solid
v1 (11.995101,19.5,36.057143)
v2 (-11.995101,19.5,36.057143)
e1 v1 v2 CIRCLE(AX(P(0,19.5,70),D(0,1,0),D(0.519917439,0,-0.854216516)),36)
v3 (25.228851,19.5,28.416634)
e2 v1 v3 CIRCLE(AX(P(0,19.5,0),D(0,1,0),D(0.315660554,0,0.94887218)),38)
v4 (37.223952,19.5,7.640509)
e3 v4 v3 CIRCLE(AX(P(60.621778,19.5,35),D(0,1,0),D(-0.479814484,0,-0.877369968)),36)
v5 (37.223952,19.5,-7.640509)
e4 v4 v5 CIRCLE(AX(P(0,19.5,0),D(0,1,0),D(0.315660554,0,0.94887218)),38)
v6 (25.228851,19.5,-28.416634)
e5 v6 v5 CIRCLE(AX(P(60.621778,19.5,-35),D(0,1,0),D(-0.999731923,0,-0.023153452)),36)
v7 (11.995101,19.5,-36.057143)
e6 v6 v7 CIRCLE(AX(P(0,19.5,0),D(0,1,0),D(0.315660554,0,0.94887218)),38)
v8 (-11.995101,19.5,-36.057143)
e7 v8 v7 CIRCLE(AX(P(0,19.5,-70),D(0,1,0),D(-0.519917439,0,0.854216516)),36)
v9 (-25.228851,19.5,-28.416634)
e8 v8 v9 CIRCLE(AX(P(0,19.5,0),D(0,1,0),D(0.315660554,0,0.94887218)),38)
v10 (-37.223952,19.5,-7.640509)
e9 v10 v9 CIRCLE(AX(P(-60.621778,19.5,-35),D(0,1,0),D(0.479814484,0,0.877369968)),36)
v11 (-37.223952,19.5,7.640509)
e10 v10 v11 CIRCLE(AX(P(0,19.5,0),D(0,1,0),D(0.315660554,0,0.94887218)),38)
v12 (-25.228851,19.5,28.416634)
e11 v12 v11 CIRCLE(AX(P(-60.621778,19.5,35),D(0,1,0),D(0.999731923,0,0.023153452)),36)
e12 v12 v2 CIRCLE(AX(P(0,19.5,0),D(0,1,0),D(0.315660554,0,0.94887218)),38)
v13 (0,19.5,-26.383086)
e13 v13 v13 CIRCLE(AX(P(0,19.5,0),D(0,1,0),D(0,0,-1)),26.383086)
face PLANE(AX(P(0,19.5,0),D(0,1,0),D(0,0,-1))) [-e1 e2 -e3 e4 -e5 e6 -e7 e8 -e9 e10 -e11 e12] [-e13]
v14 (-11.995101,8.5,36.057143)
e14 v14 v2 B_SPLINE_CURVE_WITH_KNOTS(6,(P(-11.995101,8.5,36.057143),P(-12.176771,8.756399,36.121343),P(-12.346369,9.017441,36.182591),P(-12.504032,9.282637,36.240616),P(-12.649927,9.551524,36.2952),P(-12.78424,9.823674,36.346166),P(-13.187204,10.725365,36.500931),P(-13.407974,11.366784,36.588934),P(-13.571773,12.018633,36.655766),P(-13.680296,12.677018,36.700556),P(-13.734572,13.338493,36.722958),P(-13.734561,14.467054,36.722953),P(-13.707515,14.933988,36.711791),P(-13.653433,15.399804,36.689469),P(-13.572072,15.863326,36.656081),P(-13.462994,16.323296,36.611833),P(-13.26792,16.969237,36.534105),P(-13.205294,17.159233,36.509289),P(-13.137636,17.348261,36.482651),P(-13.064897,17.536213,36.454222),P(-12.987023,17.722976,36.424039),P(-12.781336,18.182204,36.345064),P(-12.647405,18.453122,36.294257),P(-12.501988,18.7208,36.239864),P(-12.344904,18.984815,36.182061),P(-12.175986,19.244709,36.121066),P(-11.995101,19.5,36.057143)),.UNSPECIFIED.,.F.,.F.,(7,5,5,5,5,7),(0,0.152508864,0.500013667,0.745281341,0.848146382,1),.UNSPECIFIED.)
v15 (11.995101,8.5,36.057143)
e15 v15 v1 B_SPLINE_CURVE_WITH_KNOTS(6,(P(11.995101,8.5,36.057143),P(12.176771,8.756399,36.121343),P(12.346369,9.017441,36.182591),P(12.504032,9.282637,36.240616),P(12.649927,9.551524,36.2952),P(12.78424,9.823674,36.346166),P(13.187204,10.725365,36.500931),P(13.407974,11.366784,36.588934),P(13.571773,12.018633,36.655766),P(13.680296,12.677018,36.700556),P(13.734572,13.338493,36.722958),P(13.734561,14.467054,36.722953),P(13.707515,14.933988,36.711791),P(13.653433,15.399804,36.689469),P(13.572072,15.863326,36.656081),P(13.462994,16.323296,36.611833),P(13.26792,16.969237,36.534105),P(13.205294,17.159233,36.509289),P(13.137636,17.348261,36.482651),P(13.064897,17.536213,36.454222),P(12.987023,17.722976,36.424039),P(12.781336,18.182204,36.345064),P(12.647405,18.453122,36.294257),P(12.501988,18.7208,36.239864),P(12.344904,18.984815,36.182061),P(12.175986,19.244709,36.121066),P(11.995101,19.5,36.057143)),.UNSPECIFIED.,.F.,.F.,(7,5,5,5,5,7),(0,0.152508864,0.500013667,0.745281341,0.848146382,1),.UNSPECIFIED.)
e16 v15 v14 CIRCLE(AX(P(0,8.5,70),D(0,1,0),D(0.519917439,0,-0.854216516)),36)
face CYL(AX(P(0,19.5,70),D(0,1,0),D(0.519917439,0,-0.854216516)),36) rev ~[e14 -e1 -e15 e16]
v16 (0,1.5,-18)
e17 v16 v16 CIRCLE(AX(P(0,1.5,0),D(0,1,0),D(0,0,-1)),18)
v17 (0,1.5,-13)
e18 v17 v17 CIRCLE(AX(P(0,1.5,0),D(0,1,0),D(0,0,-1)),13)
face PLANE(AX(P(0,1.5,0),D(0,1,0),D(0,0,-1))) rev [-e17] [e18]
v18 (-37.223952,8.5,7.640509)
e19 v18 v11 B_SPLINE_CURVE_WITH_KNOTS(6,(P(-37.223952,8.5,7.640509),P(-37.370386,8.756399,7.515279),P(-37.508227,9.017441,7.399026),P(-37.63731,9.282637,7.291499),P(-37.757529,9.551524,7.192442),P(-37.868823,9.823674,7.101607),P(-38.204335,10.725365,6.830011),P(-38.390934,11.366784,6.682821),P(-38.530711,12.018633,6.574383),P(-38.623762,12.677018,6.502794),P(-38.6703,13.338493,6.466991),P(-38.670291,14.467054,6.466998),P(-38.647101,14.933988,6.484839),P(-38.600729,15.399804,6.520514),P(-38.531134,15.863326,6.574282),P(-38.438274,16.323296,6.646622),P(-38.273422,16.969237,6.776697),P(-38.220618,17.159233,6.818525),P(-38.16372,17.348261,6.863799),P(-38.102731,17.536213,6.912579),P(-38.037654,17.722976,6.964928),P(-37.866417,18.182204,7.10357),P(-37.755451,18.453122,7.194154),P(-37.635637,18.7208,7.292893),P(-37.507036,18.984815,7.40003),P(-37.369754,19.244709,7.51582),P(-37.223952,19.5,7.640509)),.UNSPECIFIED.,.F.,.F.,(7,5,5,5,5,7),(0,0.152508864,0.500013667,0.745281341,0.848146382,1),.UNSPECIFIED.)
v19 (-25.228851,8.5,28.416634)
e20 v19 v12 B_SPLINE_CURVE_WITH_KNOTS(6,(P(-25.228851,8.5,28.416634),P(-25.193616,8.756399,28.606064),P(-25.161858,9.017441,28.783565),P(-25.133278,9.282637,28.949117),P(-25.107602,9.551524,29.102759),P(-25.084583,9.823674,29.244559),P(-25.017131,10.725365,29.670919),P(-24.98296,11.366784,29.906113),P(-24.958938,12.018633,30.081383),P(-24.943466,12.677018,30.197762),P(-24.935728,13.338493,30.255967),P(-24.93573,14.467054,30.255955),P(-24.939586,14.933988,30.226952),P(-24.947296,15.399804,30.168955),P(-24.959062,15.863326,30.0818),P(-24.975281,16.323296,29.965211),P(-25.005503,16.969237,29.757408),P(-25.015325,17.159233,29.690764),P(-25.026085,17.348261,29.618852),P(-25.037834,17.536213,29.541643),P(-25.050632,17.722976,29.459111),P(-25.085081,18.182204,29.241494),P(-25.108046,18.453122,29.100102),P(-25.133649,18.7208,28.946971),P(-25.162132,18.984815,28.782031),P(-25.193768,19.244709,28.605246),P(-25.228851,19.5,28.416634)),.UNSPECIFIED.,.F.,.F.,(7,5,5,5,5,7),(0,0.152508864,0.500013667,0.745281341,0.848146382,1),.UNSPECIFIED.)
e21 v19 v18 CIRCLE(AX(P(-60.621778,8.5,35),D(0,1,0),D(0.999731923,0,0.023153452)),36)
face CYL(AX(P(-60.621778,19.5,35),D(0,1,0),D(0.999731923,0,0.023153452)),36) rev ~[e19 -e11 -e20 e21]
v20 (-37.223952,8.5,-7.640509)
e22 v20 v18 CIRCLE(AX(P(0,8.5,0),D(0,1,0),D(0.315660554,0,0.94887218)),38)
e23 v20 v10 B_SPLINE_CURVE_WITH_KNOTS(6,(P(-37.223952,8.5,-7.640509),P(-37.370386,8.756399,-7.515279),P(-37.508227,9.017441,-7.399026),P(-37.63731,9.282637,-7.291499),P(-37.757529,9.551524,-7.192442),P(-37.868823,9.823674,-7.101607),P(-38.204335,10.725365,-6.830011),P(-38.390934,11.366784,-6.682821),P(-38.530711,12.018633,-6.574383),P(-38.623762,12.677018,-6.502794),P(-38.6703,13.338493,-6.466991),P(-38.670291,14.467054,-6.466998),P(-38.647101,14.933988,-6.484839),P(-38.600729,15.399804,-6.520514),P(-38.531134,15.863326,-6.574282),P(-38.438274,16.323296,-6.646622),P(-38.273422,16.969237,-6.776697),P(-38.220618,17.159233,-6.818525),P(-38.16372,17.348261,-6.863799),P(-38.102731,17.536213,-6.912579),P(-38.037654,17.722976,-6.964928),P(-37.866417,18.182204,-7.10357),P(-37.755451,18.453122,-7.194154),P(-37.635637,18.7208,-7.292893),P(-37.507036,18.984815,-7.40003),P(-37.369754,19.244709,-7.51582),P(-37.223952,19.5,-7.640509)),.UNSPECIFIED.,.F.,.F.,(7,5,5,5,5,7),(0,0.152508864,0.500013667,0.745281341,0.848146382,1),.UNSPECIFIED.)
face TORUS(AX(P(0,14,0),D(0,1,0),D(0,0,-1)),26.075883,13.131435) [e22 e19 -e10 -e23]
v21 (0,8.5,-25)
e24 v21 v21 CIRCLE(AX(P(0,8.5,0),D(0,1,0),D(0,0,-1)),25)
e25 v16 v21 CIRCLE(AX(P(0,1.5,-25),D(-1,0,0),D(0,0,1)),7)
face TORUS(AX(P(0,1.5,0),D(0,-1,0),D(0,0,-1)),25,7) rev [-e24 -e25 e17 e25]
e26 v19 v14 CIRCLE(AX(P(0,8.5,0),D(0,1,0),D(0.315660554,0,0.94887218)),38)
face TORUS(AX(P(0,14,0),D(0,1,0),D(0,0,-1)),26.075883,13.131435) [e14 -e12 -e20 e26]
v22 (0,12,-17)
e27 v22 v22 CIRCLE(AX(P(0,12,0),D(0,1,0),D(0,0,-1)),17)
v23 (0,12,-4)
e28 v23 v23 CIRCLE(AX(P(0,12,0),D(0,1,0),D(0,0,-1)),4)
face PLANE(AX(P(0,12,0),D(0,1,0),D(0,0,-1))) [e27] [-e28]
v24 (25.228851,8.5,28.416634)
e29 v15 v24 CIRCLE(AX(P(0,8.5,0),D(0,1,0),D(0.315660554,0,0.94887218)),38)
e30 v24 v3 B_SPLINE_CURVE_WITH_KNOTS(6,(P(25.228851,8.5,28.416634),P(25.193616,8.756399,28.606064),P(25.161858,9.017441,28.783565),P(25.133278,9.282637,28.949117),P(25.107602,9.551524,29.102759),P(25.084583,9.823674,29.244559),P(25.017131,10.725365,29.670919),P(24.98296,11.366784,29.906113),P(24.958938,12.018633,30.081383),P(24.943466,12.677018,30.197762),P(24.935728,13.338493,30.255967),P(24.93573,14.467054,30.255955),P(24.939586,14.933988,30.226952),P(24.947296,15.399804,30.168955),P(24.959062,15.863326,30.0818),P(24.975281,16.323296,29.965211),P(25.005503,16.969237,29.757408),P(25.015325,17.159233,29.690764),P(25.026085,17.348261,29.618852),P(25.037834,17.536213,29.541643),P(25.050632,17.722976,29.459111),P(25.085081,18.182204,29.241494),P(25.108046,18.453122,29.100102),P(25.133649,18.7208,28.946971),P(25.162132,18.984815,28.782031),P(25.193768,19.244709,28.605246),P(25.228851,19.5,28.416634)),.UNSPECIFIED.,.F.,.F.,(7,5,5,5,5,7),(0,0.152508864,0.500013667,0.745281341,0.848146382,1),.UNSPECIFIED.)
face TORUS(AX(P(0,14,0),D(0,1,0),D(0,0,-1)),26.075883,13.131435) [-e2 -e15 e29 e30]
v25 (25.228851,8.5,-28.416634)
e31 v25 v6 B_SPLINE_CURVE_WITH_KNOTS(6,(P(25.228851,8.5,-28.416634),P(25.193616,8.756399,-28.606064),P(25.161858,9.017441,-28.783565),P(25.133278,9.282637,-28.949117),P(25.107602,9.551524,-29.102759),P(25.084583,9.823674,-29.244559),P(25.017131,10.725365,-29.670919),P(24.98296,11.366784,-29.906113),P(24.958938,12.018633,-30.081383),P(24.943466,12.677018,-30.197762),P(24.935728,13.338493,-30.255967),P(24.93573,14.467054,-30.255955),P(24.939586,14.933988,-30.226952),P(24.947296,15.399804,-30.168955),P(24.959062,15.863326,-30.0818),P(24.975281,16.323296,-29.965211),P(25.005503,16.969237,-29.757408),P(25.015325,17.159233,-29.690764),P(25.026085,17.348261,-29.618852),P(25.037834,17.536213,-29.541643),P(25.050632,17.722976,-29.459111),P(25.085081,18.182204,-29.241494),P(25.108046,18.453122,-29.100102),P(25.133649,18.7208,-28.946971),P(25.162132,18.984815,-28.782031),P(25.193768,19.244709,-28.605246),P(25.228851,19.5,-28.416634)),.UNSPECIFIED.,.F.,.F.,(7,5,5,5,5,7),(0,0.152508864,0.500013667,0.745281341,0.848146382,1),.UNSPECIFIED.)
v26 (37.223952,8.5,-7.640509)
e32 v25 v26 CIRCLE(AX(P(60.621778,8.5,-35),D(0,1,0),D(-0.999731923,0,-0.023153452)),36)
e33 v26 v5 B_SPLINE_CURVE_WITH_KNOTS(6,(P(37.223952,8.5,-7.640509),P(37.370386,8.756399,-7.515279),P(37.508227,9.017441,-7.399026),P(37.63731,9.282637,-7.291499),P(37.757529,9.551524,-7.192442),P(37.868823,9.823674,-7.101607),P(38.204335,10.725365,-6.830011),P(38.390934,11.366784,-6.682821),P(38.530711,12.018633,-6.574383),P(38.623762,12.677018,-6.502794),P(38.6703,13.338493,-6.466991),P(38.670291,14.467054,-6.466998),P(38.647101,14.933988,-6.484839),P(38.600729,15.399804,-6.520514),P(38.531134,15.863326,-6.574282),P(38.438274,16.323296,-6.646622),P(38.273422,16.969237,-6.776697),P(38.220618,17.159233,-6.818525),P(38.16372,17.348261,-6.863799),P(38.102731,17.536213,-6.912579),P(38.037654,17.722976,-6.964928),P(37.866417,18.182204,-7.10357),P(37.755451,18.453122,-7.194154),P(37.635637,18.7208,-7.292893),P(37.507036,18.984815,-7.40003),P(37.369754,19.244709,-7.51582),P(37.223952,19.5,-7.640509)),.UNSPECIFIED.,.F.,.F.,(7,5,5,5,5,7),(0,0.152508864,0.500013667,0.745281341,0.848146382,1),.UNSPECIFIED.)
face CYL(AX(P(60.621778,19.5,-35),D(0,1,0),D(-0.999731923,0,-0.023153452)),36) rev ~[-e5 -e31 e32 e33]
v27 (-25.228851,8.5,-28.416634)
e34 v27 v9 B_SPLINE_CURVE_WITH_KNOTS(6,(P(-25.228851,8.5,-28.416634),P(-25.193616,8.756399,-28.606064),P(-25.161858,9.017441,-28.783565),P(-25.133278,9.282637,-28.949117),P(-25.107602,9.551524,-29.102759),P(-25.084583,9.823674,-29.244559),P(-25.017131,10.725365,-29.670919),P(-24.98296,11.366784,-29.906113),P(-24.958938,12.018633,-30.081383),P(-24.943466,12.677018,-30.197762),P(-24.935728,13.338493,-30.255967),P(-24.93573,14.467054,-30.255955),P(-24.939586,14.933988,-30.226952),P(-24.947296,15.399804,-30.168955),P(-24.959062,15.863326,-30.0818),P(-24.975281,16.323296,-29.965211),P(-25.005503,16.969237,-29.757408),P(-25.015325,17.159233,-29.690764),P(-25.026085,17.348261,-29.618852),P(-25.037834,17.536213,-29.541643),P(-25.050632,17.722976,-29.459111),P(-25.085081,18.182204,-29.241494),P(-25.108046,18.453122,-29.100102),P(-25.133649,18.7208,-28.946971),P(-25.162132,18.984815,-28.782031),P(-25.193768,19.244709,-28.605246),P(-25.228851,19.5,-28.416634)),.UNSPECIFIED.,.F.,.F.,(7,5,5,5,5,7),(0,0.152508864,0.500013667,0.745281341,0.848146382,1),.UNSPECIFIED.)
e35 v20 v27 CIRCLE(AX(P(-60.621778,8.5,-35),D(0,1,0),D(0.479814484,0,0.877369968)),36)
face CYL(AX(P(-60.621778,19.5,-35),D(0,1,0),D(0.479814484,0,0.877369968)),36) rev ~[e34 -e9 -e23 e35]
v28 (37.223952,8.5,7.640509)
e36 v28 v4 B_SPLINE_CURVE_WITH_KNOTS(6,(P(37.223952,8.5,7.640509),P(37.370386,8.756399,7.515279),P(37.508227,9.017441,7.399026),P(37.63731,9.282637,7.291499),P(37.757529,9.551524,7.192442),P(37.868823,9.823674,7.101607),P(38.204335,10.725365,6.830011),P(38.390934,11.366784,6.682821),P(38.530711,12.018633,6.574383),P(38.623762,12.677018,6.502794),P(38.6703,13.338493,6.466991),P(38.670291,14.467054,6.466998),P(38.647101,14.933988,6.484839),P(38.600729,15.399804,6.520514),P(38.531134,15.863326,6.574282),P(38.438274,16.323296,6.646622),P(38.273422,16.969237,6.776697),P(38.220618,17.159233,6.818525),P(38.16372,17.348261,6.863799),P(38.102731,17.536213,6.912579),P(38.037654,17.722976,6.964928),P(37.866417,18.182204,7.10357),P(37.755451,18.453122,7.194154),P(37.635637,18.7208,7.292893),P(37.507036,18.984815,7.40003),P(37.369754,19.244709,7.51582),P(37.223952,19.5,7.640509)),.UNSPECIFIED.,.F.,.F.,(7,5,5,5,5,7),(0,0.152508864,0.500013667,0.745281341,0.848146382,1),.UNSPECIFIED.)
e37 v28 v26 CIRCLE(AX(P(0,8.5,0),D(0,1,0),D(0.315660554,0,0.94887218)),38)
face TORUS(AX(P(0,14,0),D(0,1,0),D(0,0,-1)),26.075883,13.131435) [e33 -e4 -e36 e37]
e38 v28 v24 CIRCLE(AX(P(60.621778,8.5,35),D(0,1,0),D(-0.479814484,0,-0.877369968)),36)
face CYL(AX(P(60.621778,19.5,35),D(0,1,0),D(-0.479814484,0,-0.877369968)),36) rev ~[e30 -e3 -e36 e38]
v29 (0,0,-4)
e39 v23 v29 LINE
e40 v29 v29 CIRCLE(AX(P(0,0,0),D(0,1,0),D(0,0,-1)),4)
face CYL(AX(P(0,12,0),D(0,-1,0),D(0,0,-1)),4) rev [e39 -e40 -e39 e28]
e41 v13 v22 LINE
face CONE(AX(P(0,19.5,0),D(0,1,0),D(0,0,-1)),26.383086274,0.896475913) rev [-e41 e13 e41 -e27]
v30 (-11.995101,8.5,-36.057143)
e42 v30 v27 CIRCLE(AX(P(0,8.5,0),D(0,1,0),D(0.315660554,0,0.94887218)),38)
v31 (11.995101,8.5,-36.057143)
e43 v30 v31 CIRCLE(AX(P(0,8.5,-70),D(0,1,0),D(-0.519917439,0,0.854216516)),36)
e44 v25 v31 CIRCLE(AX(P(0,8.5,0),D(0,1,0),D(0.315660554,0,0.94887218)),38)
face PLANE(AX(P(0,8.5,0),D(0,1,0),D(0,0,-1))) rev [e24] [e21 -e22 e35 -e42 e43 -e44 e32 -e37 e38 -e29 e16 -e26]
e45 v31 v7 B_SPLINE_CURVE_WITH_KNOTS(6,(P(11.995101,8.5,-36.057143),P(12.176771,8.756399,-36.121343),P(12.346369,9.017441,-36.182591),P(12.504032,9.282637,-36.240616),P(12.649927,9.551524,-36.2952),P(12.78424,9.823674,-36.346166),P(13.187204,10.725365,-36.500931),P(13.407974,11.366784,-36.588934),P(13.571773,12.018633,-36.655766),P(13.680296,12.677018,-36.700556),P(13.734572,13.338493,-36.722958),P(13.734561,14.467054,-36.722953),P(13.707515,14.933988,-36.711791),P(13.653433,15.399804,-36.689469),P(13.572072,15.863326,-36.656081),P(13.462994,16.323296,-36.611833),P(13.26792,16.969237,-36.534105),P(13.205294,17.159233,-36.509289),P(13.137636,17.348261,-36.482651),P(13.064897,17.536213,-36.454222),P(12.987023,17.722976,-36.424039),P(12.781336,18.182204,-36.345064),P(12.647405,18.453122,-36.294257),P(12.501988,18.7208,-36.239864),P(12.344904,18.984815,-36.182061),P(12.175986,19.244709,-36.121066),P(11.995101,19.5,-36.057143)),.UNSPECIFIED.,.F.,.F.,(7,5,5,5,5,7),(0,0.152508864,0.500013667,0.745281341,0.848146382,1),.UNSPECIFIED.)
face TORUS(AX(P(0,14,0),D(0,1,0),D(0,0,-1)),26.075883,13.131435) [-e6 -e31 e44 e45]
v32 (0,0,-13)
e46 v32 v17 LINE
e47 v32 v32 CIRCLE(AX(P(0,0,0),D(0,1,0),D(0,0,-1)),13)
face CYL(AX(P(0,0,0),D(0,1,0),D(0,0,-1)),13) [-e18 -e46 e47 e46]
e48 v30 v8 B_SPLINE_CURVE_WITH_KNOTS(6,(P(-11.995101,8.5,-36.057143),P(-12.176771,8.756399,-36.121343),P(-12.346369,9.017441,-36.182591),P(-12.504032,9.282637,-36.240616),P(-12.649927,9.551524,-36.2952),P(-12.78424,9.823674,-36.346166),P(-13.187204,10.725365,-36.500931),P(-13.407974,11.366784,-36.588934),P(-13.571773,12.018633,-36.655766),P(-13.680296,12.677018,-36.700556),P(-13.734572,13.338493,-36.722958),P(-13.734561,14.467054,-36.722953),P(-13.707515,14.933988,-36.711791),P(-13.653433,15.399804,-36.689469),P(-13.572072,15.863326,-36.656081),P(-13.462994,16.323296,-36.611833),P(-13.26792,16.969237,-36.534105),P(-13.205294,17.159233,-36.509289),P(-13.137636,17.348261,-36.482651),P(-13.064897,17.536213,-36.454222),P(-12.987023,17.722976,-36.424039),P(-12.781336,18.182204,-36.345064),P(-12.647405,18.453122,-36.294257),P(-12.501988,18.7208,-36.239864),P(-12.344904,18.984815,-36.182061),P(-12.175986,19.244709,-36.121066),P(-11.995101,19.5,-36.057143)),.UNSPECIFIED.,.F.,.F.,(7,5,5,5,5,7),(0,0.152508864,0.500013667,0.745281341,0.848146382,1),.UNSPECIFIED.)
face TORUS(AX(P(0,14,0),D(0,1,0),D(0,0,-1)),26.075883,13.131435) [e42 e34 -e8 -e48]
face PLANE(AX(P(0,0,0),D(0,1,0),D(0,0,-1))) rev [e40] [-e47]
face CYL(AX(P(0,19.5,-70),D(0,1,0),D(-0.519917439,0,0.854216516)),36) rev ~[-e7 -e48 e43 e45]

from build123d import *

# Parameters (mm, degrees)
ENL_V_MAT_EXTRU_1_DEPTH      = 59.776504379
R_P_TITION_CIRCULAIRE1_COUNT = 6


with BuildPart() as part:
    # Esquisse1 → Révolution1 (revolve)
    with BuildSketch(Plane.XY):
        with BuildLine():
            Line((-4, 12), (-4, 0))
            Line((-4, 0), (-13, 0))
            Line((-13, 0), (-13, 1.5))
            Line((-13, 1.5), (-18, 1.5))
            ThreePointArc((-18, 1.5), (-20.050252532, 6.449747468), (-25, 8.5))
            Line((-25, 8.5), (-38, 8.5))
            ThreePointArc((-38, 8.5), (-39.207317246, 14), (-38, 19.5))
            Line((-38, 19.5), (-26.383086274, 19.5))
            Line((-26.383086274, 19.5), (-17, 12))
            Line((-17, 12), (-4, 12))
        make_face()
    revolve(axis=Axis((0, 0, 0), (0, 1, 0)))

    # Esquisse2 → Enlèv. mat.-Extru.1 (cut, through all)
    with BuildSketch(Plane(origin=(0, 19.5, 0), x_dir=(1, 0, 0), z_dir=(0, 1, 0))):
        with BuildLine():
            Line((-18.717027808, -39.248205418), (0, -70))
            Line((0, -70), (18.717027808, -39.248205418))
            ThreePointArc((18.717027808, -39.248205418), (0, -34), (-18.717027808, -39.248205418))
        make_face()
    enl_v_mat_extru_1 = extrude(amount=-ENL_V_MAT_EXTRU_1_DEPTH, mode=Mode.SUBTRACT)

    # Répétition circulaire1: Enlèv. mat.-Extru.1 ×6 about axis
    r_p_tition_circulaire1_axis = Axis((0, 0, 0), (0, 1, 0))
    for i in range(1, R_P_TITION_CIRCULAIRE1_COUNT):
        add(enl_v_mat_extru_1.rotate(r_p_tition_circulaire1_axis, i * 360 / R_P_TITION_CIRCULAIRE1_COUNT), mode=Mode.SUBTRACT)


solid = part.part
